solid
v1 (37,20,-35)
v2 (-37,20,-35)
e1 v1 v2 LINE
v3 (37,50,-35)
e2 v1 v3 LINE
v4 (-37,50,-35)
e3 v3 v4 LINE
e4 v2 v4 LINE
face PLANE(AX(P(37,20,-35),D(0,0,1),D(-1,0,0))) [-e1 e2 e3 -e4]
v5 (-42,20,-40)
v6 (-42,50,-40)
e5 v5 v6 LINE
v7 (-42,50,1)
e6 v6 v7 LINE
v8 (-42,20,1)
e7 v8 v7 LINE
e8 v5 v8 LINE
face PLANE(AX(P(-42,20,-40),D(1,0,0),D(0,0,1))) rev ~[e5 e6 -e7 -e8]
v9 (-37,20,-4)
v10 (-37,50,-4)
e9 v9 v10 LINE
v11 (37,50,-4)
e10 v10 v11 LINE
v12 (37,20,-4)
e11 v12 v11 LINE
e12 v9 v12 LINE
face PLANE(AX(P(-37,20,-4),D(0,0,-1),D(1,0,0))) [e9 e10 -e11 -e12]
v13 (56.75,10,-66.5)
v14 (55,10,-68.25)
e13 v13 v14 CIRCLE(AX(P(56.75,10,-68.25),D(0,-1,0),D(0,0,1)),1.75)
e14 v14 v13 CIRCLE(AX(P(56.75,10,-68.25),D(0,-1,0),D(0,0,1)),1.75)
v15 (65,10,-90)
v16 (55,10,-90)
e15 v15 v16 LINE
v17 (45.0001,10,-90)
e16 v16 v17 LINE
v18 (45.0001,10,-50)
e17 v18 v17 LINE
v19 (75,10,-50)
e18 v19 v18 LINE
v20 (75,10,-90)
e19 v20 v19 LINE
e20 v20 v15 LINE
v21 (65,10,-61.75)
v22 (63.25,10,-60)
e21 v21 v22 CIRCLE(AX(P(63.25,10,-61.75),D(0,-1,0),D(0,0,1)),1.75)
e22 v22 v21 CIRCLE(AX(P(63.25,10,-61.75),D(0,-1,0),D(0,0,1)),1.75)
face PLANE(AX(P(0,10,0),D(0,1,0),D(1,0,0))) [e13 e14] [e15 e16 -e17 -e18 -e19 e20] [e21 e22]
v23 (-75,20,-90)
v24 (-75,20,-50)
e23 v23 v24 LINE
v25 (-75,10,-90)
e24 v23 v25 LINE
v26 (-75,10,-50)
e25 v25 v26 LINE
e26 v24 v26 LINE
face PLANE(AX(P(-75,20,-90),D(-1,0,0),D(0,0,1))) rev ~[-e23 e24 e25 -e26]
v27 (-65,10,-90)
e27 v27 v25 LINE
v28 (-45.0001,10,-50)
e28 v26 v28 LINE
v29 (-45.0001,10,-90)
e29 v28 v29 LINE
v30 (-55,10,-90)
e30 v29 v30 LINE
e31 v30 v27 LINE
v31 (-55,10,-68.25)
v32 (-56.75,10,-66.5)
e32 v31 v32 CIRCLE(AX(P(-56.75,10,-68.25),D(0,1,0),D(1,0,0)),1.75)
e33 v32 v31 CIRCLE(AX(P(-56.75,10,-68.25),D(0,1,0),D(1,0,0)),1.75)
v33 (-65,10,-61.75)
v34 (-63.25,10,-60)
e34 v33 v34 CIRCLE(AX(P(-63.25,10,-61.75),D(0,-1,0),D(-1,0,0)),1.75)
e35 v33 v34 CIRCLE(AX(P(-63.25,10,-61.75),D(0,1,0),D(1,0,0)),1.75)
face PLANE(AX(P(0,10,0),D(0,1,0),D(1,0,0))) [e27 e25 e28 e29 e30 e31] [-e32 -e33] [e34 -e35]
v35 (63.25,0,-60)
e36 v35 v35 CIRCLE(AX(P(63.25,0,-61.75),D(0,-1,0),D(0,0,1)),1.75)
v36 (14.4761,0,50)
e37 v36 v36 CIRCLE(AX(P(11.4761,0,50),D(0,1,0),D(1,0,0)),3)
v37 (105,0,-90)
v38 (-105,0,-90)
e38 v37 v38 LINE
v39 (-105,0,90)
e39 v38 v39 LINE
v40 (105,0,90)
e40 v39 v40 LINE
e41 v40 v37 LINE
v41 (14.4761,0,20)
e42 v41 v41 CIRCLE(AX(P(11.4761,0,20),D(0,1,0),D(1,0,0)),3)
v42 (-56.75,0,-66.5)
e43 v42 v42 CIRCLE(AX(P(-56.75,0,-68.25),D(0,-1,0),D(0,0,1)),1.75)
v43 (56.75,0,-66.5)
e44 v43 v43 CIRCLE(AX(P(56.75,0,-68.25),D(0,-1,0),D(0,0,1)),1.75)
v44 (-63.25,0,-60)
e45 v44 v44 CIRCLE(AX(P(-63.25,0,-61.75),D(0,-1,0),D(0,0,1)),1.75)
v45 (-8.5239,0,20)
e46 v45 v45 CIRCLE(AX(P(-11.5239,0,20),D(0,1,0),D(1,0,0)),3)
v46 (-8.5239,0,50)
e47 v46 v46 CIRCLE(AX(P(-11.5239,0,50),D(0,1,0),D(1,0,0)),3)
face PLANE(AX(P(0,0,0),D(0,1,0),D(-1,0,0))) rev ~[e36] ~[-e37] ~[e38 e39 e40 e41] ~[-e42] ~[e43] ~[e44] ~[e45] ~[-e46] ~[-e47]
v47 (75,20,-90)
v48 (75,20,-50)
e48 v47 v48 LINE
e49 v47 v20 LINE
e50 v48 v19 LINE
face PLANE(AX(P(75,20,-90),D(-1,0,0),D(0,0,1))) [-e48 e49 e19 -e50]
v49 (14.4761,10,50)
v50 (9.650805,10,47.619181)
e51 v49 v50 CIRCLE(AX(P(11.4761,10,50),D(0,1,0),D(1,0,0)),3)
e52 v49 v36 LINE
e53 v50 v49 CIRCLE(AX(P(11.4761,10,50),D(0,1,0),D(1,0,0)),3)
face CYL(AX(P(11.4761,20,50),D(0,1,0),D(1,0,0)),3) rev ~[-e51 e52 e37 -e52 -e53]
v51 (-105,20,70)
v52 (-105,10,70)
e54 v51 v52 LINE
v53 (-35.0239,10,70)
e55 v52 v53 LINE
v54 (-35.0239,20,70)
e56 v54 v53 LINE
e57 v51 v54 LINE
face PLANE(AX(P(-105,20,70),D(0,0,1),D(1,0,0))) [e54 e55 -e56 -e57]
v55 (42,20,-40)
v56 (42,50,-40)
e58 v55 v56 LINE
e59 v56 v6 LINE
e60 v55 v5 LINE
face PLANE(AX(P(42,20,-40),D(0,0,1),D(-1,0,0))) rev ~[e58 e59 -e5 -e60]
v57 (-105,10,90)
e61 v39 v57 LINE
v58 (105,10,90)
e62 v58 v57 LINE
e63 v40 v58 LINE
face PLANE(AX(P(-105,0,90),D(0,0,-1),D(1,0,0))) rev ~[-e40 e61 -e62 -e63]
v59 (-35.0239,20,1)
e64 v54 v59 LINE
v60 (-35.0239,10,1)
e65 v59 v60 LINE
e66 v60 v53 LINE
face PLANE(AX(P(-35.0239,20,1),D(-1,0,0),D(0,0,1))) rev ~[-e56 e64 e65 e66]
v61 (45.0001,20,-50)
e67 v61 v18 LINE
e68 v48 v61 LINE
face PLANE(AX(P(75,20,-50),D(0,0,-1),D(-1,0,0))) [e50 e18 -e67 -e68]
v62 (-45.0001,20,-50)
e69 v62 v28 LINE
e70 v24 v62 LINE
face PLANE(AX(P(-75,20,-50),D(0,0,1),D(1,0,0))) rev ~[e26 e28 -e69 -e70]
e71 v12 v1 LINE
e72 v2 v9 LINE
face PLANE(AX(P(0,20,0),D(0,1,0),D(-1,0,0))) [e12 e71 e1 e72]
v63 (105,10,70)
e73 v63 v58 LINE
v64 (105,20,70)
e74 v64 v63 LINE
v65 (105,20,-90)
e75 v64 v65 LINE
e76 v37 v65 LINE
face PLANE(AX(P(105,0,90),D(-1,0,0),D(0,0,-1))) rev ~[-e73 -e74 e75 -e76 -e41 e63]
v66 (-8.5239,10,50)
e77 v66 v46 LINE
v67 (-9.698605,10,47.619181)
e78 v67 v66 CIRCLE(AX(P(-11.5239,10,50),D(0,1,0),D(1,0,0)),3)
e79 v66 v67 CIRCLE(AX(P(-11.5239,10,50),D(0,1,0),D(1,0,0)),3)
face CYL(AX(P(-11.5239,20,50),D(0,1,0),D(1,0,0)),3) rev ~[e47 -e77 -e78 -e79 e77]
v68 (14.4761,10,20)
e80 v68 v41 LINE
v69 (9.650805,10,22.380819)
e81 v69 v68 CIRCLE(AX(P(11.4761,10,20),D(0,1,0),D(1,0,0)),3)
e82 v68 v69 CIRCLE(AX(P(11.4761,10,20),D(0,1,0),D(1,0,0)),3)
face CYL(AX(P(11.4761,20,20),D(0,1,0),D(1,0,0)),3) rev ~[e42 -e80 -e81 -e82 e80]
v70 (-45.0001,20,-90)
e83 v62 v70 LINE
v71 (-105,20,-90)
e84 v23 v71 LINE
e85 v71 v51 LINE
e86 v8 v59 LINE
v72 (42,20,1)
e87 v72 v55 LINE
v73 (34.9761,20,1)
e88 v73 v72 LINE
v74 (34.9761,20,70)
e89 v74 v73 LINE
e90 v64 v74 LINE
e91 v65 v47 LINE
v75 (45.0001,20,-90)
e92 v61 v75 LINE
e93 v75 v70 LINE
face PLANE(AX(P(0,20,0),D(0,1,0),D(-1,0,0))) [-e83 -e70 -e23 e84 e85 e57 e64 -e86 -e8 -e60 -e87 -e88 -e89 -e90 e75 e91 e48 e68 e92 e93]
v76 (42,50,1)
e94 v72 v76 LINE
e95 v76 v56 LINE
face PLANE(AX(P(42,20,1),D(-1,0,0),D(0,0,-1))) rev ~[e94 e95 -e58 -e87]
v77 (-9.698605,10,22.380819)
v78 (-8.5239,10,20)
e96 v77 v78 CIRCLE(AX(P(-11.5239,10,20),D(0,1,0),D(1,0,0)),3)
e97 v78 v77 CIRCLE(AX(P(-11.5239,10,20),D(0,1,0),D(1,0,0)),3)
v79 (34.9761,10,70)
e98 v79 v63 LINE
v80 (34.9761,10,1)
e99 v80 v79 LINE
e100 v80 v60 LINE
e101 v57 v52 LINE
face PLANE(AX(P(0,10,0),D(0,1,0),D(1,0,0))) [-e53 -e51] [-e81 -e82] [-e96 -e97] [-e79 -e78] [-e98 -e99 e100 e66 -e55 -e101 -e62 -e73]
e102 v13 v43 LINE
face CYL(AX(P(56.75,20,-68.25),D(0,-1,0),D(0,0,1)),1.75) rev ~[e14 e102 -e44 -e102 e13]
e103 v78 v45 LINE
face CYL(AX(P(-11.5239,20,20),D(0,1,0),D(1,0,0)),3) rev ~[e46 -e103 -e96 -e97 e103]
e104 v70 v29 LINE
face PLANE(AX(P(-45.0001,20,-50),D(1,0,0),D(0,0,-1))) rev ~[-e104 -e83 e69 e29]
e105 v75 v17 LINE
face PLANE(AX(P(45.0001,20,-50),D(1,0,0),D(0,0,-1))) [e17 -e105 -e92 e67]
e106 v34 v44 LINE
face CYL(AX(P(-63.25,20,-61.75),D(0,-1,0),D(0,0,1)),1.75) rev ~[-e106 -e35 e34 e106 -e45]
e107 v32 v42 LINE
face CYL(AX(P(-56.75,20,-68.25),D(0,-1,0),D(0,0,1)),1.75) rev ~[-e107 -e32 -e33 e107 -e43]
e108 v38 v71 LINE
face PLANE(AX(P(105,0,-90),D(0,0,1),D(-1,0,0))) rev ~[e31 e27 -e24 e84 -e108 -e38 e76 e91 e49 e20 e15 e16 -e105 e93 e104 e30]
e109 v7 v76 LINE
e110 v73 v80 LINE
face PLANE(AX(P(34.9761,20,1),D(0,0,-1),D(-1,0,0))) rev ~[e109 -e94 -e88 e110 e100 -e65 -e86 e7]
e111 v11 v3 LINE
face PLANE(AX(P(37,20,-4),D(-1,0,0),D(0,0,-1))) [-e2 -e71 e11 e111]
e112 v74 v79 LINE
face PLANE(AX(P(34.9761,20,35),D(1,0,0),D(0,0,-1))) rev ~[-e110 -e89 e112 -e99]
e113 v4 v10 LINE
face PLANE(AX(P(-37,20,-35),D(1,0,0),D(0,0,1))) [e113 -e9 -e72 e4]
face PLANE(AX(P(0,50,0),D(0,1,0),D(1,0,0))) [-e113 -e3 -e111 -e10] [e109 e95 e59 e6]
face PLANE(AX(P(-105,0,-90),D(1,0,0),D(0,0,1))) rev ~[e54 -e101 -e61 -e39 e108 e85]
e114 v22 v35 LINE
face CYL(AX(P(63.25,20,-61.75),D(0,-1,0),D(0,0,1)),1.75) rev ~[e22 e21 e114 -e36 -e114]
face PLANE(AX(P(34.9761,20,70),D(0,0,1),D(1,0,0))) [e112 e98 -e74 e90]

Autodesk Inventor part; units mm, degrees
ref_plane "YZ Plane" through (0, 0, 0) normal (1, 0, 0) x (0, 1, 0)
ref_plane "XZ Plane" through (0, 0, 0) normal (0, 1, 0) x (-1, 0, 0)
ref_plane "XY Plane" through (0, 0, 0) normal (0, 0, 1) x (1, 0, 0)
sketch "Boceto1" plane through (0, 0, 0) normal (0, 1, 0) x (-1, 0, 0)
  line L0 (105, 90) -> (-105, 90)
  line L1 (-105, 90) -> (-105, -90)
  line L2 (-105, -90) -> (105, -90)
  line L3 (105, -90) -> (105, 90)
  line L4 (105, 90) -> (-105, -90) construction
  line L5 (-105, 90) -> (105, -90) construction
  point P0 (0, 0)
  dimension "d0" = 210
  dimension "d1" = 180
extrude "Extrusión1" add sketch "Boceto1" along normal blind 20
sketch "Boceto2" plane through (0, 20, 0) normal (0, 1, 0) x (1, 0, 0)
  line L0 (-105.0239, -70) -> (104.9761, -70)
  line L1 (-105.0239, -70) -> (104.9761, -70)
  circle A0 centre (-11.5239, -50) radius 3
  circle A1 centre (11.4761, -50) radius 3
  circle A2 centre (-11.5239, -20) radius 3
  circle A3 centre (11.4761, -20) radius 3
  line L2 (-105, -90) -> (105, -90) projected
  circle A4 centre (28, 59) radius 3.5
  circle A5 centre (-28, 59) radius 3.5
  line L3 (105, 90) -> (-105, 90) projected
  line L4 (0, 90) -> (0, 53.0386)
  point P0 (0, 0)
  point P1 (0, -225)
  point P2 (0, -225)
  dimension "d4" = 20
  dimension "d5" = 20
  dimension "d6" = 30
  dimension "d7" = 30
  dimension "d8" = 20
  dimension "d9" = 7
  dimension "d11" = 7
  dimension "d12" = 31
  dimension "d13" = 31
  dimension "d14" = 28
  dimension "d15" = 28
extrude "Extrusión2" cut sketch "Boceto2" against normal blind 20 contours A0 | A1 | A2 | A3
sketch "Boceto3" plane through (0, 20, 0) normal (0, 1, 0) x (1, 0, 0)
  line L0 (105, 90) -> (-105, 90) projected
  line L1 (0, 90) -> (0, 58.0056)
  circle A0 centre (-28, 59) radius 3.5 projected
  line L2 (-42, -1) -> (42, -1)
  line L3 (42, -1) -> (42, 40)
  line L4 (42, 40) -> (-42, 40)
  line L5 (-42, 40) -> (-42, -1)
  line L6 (-42, -1) -> (42, 40) construction
  line L7 (42, -1) -> (-42, 40) construction
  circle A1 centre (-11.5239, -20) radius 3 projected
  line L8 (-37, 4) -> (37, 4)
  line L9 (37, 4) -> (37, 35)
  line L10 (37, 35) -> (-37, 35)
  line L11 (-37, 35) -> (-37, 4)
  line L12 (-37, 4) -> (37, 35) construction
  line L13 (37, 4) -> (-37, 35) construction
  point P0 (0, 0)
  point P1 (-24.876, 34.9118)
  point P2 (0, 74.0028)
  point P3 (0, 19.5)
  dimension "d23" = 84
  dimension "d24" = 41
  dimension "d25" = 19
  dimension "d26" = 74
  dimension "d27" = 31
extrude "Extrusión3" add sketch "Boceto3" along normal blind 30 contours L5 L4 L3 L2
sketch "Boceto4" plane through (0, 20, 0) normal (0, 1, 0) x (1, 0, 0)
  circle A0 centre (-56.75, 68.25) radius 1.75
  line L0 (105, 90) -> (-105, 90) projected
  line L1 (-55, 60) -> (-65, 60)
  line L2 (-65, 60) -> (-65, 70)
  line L3 (-65, 70) -> (-55, 70)
  line L4 (-55, 70) -> (-55, 60)
  line L5 (-55, 60) -> (-65, 70) construction
  line L6 (-65, 60) -> (-55, 70) construction
  line L7 (-105, 90) -> (-105, -90) projected
  circle A1 centre (-63.25, 61.75) radius 1.75
  line L8 (0, 90) -> (0, 77.3124)
  circle A2 centre (56.75, 68.25) radius 1.75
  line L9 (55, 60) -> (65, 60)
  line L10 (65, 60) -> (65, 70)
  line L11 (65, 70) -> (55, 70)
  line L12 (55, 70) -> (55, 60)
  line L13 (55, 60) -> (65, 70) construction
  line L14 (65, 60) -> (55, 70) construction
  circle A3 centre (63.25, 61.75) radius 1.75
  point P0 (0, 0)
  point P1 (-65, 65)
  point P2 (65, 65)
  dimension "d30" = 3.5
  dimension "d32" = 40
  dimension "d33" = 1.75
  dimension "d34" = 1.75
  dimension "d35" = 1.75
  dimension "d36" = 1.75
  dimension "d37" = 10
  dimension "d38" = 10
  dimension "d39" = 20
hole "Agujero1" at (-63.25, 20, -61.75) at (-56.75, 20, -68.25) at (56.75, 20, -68.25) at (63.25, 20, -61.75) direction (0, -1, 0) diameter 3.5 end through all
sketch "Boceto5" plane through (0, 20, 0) normal (0, 1, 0) x (1, 0, 0)
  circle A0 centre (56.75, 68.25) radius 1.75 projected
  line L0 (55, 68.25) -> (55, 90.0503)
  circle A1 centre (63.25, 61.75) radius 1.75 projected
  line L1 (65, 61.75) -> (65, 90)
  line L2 (105, 90) -> (-105, 90) projected
  line L3 (55, 90.0503) -> (45.0001, 90)
  line L4 (65, 90) -> (75, 90)
  line L5 (45.0001, 90) -> (75, 90)
  line L6 (75, 90) -> (75, 50)
  line L7 (75, 50) -> (45.0001, 50)
  line L8 (45.0001, 50) -> (45.0001, 90)
  line L9 (0, 90) -> (0, 68.25)
  circle A2 centre (-56.75, 68.25) radius 1.75
  line L10 (-55, 68.25) -> (-55, 90.0503)
  circle A3 centre (-63.25, 61.75) radius 1.75
  line L11 (-65, 61.75) -> (-65, 90)
  line L12 (-105, 90) -> (105, 90)
  line L13 (-55, 90.0503) -> (-45.0001, 90)
  line L14 (-65, 90) -> (-75, 90)
  line L15 (-45.0001, 90) -> (-75, 90)
  line L16 (-75, 90) -> (-75, 50)
  line L17 (-75, 50) -> (-45.0001, 50)
  line L18 (-45.0001, 50) -> (-45.0001, 90)
  point P0 (0, 0)
  dimension "d47" = 10
  dimension "d48" = 10
  dimension "d49" = 40
extrude "Extrusión4" cut sketch "Boceto5" against normal blind 10 contours A0 | A1 | L2 L6 L7 L8 | L18 L17 L16 L2
sketch "Boceto6" plane through (0, 20, 0) normal (0, 1, 0) x (1, 0, 0)
  circle A0 centre (-11.5239, -20) radius 3
  circle A1 centre (11.4761, -20) radius 3
  line L0 (-105, -90) -> (105, -90)
  line L1 (-105.0239, -70) -> (104.9761, -70)
  line L2 (-105.0239, -70) -> (104.9761, -70)
  circle A2 centre (-11.5239, -50) radius 3
  circle A3 centre (11.4761, -50) radius 3
  line L3 (-11.5239, -20) -> (11.4761, -50)
  line L4 (-11.5239, -50) -> (11.4761, -20)
  line L5 (-105, -90) -> (105, -90)
  line L6 (105, -90) -> (95.8154, -90)
  line L7 (-0.0239, -35) -> (34.9761, -35)
  line L8 (-0.0239, -35) -> (-35.0239, -35)
  line L9 (-35.0239, -35) -> (-35.0239, -70)
  line L10 (105, -70) -> (-105, -70)
  line L11 (-35.0239, -70) -> (34.9761, -70)
  line L12 (34.9761, -70) -> (34.9761, -1)
  line L13 (34.9761, -1) -> (-35.0239, -1)
  line L14 (-35.0239, -1) -> (-35.0239, -70)
  line L15 (105, -80) -> (94.0798, -80)
  line L16 (-105, -90) -> (105, -90) projected
  line L17 (-105, -70) -> (105, -70)
  line L18 (105, -70) -> (105, -90)
  line L19 (105, -90) -> (-105, -90)
  line L20 (-105, -90) -> (-105, -70)
  point P0 (0, 0)
  point P1 (0, -80)
  point P2 (-0.0478, -70)
  point P3 (105, -90)
  dimension "d52" = 20
  dimension "d53" = 20
  dimension "d54" = 30
  dimension "d55" = 30
  dimension "d56" = 20
  dimension "d57" = 35
  dimension "d58" = 35
  dimension "d59" = 69
extrude "Extrusión5" cut sketch "Boceto6" against normal blind 10
sketch "Boceto7" plane through (0, 20, 0) normal (0, 1, 0) x (1, 0, 0)
  circle A0 centre (-56.75, 68.25) radius 1.75 projected
  line L0 (-56.75, 66.5) -> (-56.75, 61.75)
  circle A1 centre (-63.25, 61.75) radius 1.75 projected
  line L1 (-56.75, 68.25) -> (-63.25, 61.75)
  point P0 (0, 0)
properties part number "base_front"
